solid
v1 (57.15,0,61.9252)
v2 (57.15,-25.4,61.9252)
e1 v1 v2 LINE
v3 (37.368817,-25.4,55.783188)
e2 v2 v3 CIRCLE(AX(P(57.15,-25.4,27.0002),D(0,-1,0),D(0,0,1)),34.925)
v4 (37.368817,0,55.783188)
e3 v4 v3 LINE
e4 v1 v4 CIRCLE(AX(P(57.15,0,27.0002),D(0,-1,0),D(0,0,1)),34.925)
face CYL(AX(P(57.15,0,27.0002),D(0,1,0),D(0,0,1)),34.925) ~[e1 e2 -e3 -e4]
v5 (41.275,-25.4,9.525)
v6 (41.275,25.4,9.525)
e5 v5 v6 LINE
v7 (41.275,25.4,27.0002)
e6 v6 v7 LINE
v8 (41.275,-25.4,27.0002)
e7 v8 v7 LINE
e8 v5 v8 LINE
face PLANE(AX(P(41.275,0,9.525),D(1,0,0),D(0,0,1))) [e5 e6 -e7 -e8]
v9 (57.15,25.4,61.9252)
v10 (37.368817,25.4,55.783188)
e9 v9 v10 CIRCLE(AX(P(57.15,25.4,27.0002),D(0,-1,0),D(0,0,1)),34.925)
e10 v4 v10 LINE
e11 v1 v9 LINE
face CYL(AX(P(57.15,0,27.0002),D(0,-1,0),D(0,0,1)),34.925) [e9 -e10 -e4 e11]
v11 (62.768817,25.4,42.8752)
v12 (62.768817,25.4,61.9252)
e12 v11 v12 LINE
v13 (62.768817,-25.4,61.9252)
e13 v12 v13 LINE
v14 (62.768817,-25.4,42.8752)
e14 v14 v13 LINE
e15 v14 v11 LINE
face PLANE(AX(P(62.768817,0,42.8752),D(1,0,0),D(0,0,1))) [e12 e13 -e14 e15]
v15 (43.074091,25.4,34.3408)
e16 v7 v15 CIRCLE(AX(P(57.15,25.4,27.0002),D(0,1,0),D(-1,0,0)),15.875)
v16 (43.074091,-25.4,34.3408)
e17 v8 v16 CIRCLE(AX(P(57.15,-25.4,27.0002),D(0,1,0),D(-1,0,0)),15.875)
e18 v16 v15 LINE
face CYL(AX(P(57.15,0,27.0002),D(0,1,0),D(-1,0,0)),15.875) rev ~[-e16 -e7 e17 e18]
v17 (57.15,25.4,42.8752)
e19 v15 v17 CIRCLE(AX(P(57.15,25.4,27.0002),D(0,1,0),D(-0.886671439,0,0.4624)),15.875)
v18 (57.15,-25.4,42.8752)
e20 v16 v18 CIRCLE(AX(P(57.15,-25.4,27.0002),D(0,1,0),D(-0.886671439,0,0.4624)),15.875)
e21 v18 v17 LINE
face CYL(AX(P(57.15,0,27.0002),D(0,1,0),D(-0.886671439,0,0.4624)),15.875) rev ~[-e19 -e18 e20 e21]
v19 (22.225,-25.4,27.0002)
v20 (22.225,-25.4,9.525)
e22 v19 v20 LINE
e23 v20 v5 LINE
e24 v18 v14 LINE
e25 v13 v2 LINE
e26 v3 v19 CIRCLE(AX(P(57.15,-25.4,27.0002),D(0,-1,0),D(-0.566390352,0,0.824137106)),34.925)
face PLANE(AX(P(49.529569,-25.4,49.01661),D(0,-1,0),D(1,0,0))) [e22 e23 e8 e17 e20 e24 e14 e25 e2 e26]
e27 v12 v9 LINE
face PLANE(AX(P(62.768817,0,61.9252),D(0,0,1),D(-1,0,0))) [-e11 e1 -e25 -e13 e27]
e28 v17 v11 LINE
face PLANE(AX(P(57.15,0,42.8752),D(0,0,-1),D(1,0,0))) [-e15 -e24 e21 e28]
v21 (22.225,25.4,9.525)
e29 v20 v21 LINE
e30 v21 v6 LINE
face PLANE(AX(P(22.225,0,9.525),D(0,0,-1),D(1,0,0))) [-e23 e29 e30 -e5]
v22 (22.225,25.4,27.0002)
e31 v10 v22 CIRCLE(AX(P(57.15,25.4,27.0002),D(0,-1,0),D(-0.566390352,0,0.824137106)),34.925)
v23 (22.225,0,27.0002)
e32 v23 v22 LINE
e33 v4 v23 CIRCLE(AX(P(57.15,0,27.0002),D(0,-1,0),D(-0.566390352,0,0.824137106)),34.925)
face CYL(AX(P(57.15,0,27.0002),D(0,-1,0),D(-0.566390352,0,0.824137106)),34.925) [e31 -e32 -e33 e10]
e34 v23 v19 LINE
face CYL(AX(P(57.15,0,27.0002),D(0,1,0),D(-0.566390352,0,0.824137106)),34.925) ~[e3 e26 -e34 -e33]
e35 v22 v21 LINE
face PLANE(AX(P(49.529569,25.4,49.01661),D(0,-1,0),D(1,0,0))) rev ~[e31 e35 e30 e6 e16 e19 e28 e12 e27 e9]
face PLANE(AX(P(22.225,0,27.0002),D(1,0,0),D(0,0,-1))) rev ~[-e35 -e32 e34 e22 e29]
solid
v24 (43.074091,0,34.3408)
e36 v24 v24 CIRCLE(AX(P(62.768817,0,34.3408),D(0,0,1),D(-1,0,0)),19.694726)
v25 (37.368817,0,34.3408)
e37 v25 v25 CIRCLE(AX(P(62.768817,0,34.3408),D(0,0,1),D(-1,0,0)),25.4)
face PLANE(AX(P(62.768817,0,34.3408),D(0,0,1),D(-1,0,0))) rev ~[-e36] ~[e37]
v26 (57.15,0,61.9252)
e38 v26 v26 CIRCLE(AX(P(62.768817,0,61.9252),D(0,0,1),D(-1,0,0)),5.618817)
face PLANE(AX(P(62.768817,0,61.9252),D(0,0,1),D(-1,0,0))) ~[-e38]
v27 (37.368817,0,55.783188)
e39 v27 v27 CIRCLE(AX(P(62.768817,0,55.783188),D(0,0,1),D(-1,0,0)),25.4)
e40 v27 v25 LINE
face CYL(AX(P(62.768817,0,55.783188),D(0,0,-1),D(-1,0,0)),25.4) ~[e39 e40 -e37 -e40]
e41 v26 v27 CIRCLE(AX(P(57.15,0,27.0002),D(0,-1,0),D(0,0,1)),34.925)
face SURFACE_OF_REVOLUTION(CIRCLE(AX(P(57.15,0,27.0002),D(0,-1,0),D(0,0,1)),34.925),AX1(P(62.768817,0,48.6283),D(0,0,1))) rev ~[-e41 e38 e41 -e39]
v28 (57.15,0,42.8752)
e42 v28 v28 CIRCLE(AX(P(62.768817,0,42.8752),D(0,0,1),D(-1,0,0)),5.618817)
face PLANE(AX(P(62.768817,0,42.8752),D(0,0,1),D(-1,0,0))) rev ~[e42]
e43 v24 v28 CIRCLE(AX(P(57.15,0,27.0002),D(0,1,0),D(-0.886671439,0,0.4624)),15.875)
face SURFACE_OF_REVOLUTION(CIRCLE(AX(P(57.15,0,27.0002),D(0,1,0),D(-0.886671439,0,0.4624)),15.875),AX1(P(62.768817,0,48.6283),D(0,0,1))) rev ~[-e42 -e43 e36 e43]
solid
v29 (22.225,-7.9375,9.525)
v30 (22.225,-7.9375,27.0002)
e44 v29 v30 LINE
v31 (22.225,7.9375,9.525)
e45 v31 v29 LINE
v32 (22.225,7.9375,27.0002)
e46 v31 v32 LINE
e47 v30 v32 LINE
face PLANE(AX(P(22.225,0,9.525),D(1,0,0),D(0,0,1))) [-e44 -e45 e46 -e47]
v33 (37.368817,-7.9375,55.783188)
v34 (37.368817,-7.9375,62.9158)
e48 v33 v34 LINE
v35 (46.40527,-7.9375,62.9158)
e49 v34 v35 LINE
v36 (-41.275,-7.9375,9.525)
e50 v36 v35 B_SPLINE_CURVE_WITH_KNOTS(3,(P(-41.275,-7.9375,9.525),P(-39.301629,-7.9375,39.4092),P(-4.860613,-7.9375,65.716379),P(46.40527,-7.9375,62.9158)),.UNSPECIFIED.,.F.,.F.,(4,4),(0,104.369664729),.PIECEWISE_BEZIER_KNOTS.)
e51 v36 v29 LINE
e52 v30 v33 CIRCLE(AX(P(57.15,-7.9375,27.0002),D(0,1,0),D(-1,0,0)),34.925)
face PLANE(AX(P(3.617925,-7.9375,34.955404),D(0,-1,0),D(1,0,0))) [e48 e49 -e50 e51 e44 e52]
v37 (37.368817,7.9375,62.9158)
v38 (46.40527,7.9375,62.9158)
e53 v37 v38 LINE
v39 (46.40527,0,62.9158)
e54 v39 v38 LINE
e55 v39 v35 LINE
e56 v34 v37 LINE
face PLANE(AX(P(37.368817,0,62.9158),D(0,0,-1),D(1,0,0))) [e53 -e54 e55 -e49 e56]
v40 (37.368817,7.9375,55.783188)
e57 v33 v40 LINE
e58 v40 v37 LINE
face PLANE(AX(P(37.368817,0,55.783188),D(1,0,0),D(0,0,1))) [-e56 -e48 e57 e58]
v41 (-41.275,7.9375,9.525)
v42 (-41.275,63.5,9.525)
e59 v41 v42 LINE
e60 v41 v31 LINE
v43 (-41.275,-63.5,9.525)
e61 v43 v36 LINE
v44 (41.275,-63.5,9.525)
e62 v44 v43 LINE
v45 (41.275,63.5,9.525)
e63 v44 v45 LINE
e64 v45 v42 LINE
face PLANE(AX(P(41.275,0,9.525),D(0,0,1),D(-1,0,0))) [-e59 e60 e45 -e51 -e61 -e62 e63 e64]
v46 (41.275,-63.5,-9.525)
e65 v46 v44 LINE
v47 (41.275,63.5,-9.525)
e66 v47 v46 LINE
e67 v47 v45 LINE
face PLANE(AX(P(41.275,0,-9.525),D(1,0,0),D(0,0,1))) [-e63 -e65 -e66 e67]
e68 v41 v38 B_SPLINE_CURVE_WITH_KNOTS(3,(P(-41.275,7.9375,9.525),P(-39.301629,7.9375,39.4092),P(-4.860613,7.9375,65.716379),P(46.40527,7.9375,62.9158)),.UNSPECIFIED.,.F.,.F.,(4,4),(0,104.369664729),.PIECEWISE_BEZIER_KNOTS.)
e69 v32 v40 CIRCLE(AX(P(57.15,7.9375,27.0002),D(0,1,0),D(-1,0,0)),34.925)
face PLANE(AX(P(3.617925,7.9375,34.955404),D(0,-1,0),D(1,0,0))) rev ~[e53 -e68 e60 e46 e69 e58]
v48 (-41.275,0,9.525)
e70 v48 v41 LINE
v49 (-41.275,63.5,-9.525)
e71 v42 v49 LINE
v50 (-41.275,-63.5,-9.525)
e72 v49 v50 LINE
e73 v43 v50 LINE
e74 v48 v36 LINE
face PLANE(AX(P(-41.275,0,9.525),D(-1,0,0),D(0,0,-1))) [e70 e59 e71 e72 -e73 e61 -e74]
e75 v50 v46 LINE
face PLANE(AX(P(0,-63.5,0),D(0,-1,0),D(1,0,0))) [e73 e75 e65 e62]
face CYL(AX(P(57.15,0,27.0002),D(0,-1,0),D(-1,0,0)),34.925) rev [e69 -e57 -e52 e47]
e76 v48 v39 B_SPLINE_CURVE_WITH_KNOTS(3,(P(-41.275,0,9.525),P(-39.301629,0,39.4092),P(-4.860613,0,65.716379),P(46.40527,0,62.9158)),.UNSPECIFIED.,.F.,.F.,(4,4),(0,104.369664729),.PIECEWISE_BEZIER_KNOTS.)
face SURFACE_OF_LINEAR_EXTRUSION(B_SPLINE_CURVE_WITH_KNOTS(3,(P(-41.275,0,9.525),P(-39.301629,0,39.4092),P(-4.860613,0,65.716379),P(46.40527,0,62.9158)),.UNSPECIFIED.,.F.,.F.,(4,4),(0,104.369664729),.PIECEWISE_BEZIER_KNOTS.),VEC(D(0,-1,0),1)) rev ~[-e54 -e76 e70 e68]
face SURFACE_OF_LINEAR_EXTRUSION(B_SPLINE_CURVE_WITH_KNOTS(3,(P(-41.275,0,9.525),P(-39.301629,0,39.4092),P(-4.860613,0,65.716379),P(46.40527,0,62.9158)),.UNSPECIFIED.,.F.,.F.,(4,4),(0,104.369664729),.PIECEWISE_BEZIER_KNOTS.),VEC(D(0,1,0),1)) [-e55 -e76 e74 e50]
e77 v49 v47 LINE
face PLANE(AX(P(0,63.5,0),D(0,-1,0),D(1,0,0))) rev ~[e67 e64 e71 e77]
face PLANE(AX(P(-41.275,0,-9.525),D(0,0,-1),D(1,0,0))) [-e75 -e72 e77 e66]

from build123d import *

# Parameters (mm, degrees)
F1_DEPTH = 63.5
F2_DEPTH = 7.9375
F4_DEPTH = 25.4


with BuildPart() as f1:
    # F0 (on Front) → F1 (new body, symmetric)
    with BuildSketch(Plane.XZ):
        Polygon((22.225, 9.525), (-41.275, 9.525), (-41.275, -9.525), (41.275, -9.525), (41.275, 9.525), align=None)
    extrude(amount=F1_DEPTH, both=True)

    # F0 (on Front) → F2 (join, symmetric)
    with BuildSketch(Plane.XZ):
        with BuildLine():
            Line((37.3688169479, 62.9158), (46.4052697443, 62.9158))
            add(Edge.make_bspline(
                [(-41.275, 9.525), (-39.3016288695, 39.409199738), (-4.8606131009, 65.7163788111), (46.4052697443, 62.9158)],
                knots=[0, 0, 0, 0, 104.369664729, 104.369664729, 104.369664729, 104.369664729], degree=3))
            Line((-41.275, 9.525), (22.225, 9.525))
            Line((22.225, 9.525), (22.225, 18.3278894425))
            Line((22.225, 18.3278894425), (22.225, 27.0002))
            ThreePointArc((22.225, 27.0002), (26.2419634796, 43.2620849908), (37.3688169479, 55.7831884144))
            Line((37.3688169479, 55.7831884144), (37.3688169479, 62.9158))
        make_face()
    extrude(amount=F2_DEPTH, both=True)


with BuildPart() as f3:
    # F0 (on Front) → F3 (revolve)
    with BuildSketch(Plane.XZ):
        with BuildLine():
            Line((62.7688169479, 42.8752), (62.7688169479, 61.9252))
            Line((62.7688169479, 61.9252), (57.15, 61.9252))
            ThreePointArc((57.15, 61.9252), (46.7936069351, 60.3543713686), (37.3688169479, 55.7831884144))
            Line((37.3688169479, 55.7831884144), (37.3688169479, 34.3408))
            Line((37.3688169479, 34.3408), (43.0740909125, 34.3408))
            ThreePointArc((43.0740909125, 34.3408), (48.919459313, 40.5749495373), (57.15, 42.8752))
            Line((57.15, 42.8752), (62.7688169479, 42.8752))
        make_face()
    revolve(axis=Axis((62.7688169479, 0, 48.6283), (0, 0, 1)))


with BuildPart() as f4:
    # F0 (on Front) → F4 (new body, symmetric)
    with BuildSketch(Plane.XZ):
        with BuildLine():
            Line((62.7688169479, 42.8752), (62.7688169479, 61.9252))
            Line((62.7688169479, 61.9252), (57.15, 61.9252))
            ThreePointArc((57.15, 61.9252), (46.7936069351, 60.3543713686), (37.3688169479, 55.7831884144))
            Line((37.3688169479, 55.7831884144), (37.3688169479, 34.3408))
            Line((37.3688169479, 34.3408), (43.0740909125, 34.3408))
            ThreePointArc((43.0740909125, 34.3408), (48.919459313, 40.5749495373), (57.15, 42.8752))
            Line((57.15, 42.8752), (62.7688169479, 42.8752))
        make_face()
        with BuildLine():
            Line((37.3688169479, 34.3408), (37.3688169479, 55.7831884144))
            ThreePointArc((37.3688169479, 55.7831884144), (26.2419634796, 43.2620849908), (22.225, 27.0002))
            Line((22.225, 27.0002), (22.225, 18.3278894425))
            Line((22.225, 18.3278894425), (22.225, 9.525))
            Line((22.225, 9.525), (41.275, 9.525))
            Line((41.275, 9.525), (41.275, 27.0002))
            ThreePointArc((41.275, 27.0002), (41.7313314167, 30.7791263181), (43.0740909125, 34.3408))
            Line((43.0740909125, 34.3408), (37.3688169479, 34.3408))
        make_face()
    extrude(amount=F4_DEPTH, both=True)


solid = Compound([f1.part, f3.part, f4.part])
